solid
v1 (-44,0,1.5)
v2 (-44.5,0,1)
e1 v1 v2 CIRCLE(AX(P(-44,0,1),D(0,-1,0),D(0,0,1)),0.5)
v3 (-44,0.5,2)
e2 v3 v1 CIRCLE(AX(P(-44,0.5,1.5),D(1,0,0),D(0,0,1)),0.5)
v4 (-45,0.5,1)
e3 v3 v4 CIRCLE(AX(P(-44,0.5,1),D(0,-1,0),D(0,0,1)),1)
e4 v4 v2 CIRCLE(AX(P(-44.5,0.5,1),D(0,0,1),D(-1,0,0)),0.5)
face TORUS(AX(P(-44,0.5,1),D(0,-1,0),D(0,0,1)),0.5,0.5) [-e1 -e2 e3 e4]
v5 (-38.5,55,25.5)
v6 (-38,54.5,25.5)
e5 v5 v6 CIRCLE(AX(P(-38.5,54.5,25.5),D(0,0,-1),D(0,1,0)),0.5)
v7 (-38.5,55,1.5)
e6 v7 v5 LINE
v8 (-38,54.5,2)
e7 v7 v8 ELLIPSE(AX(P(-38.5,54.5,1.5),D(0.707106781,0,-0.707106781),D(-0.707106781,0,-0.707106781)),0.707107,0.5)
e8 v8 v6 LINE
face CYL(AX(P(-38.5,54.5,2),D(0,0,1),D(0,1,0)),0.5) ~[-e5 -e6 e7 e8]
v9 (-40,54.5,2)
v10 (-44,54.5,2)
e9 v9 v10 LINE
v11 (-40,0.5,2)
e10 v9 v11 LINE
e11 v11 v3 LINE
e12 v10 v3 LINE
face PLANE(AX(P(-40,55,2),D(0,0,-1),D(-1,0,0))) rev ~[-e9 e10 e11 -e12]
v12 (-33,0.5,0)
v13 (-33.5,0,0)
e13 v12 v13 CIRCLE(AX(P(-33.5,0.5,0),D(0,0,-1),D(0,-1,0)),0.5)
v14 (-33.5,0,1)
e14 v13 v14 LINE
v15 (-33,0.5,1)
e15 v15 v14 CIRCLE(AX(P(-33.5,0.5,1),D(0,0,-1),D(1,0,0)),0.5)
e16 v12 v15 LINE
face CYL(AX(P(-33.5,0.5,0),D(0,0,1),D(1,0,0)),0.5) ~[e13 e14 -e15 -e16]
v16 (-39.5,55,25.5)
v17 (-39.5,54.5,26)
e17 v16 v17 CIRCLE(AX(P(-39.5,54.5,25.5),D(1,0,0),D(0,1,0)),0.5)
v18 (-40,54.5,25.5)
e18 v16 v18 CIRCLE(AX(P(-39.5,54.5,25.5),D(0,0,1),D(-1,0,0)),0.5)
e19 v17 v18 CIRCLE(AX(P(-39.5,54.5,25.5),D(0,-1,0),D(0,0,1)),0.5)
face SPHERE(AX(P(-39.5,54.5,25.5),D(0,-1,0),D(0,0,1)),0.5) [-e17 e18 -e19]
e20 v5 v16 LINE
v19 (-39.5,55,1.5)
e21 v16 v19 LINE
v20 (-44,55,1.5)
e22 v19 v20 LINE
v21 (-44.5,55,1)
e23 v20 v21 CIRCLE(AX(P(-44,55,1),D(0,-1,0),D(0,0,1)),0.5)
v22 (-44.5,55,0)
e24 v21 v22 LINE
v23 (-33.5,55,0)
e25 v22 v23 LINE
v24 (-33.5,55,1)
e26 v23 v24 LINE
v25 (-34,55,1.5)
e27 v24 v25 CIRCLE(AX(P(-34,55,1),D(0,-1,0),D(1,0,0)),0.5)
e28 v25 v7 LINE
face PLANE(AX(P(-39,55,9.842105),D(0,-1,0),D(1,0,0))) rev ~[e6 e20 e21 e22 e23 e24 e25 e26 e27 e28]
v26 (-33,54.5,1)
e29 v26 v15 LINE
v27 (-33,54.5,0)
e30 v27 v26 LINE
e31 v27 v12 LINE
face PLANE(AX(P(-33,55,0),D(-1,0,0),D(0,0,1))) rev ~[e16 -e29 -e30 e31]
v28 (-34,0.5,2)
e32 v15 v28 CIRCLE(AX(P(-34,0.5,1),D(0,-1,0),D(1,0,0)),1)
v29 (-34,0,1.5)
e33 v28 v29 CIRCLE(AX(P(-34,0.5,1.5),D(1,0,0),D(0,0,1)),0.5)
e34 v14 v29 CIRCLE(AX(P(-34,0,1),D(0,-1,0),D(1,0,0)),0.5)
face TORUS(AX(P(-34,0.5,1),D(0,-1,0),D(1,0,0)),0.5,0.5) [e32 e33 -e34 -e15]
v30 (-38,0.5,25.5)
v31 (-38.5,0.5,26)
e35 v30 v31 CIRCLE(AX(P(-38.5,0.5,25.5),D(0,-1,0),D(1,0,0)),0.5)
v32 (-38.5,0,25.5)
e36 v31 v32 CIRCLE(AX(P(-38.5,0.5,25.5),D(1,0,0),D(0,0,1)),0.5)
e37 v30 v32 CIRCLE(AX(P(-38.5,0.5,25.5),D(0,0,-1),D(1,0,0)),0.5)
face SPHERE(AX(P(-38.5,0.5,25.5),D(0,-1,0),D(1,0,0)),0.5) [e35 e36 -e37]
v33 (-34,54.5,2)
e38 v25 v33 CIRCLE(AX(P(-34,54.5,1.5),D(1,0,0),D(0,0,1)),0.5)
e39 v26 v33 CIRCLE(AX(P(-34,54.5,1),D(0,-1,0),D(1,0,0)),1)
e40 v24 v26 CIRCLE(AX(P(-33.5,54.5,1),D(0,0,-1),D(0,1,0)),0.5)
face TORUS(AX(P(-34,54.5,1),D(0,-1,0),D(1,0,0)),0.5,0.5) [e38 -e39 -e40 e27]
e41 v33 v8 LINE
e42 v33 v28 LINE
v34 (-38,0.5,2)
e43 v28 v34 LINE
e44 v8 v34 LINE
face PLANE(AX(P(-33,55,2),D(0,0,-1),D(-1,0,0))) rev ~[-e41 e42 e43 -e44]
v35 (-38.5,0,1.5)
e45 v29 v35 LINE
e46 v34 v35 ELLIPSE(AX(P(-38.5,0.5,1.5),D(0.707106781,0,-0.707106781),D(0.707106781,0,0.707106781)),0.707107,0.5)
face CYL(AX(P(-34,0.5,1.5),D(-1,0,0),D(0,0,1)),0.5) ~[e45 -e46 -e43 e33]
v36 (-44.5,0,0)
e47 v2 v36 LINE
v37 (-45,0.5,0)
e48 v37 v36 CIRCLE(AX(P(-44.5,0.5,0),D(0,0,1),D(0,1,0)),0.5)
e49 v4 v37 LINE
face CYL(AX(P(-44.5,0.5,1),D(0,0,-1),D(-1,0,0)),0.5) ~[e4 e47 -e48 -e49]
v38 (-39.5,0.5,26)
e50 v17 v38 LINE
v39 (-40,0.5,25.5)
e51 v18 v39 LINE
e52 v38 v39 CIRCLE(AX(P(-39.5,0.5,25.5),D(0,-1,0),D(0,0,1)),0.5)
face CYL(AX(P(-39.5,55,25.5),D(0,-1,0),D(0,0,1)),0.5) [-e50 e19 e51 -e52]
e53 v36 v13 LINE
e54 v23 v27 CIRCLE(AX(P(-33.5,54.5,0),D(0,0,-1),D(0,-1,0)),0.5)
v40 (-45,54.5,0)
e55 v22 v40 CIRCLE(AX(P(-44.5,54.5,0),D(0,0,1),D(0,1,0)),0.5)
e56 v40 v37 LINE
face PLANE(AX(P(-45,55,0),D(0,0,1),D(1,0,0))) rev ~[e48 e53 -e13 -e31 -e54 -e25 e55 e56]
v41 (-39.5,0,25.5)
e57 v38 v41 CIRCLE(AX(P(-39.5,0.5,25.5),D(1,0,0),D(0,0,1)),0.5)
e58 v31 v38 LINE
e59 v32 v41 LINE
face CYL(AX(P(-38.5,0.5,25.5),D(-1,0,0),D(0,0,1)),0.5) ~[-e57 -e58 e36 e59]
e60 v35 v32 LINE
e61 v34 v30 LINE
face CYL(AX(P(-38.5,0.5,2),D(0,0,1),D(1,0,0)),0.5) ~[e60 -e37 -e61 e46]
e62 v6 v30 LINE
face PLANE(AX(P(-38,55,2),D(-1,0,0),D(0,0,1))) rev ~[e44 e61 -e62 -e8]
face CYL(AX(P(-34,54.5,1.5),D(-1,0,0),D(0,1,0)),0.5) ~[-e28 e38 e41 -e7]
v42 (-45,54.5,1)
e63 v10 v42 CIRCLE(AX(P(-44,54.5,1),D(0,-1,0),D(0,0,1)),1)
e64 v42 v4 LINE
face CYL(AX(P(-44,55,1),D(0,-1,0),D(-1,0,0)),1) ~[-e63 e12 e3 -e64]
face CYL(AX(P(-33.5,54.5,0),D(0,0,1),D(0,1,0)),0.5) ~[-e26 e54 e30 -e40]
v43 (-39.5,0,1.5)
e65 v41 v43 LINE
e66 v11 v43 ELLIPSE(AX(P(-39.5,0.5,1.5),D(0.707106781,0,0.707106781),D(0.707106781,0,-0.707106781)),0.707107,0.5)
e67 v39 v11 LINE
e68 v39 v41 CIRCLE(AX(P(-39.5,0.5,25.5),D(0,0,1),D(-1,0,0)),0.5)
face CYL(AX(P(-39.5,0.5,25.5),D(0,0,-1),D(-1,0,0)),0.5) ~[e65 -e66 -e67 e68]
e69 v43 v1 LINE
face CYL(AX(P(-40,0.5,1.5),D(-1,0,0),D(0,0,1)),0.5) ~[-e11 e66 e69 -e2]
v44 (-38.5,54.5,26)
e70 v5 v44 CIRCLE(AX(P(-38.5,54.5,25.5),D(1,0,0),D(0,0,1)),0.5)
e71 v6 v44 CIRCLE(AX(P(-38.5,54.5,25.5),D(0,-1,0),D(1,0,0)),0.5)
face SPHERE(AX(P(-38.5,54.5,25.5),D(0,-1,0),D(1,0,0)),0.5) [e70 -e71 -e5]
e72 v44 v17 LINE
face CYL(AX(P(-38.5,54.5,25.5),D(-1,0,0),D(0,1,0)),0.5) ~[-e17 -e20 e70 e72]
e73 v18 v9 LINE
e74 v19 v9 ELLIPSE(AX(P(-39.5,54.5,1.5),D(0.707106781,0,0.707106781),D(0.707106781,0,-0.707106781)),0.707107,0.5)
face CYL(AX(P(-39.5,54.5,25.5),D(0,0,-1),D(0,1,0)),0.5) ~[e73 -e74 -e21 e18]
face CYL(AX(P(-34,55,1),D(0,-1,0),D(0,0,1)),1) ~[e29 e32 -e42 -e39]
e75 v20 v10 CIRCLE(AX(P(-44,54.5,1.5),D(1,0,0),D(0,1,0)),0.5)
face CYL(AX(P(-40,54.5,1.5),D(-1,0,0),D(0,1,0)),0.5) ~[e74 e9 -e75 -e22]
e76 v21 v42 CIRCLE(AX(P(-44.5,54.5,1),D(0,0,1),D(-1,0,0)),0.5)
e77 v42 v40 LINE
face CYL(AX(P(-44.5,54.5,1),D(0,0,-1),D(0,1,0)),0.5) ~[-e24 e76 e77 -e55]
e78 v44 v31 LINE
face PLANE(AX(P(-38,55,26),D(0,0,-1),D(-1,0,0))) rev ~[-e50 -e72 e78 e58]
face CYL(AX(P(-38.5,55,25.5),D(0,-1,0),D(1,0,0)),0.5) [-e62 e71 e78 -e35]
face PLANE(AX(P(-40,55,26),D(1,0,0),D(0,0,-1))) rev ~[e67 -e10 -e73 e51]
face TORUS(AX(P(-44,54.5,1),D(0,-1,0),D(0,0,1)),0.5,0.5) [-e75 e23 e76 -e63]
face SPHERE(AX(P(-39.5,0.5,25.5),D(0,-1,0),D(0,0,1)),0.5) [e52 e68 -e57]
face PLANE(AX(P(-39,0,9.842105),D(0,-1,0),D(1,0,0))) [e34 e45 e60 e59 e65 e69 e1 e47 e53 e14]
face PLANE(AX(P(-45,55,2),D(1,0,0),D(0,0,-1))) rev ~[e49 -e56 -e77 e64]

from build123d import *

# Parameters (mm, degrees)
PAD007_DEPTH = 55
FILLET008_R  = 0.5
FILLET009_R  = 1
FILLET010_R  = 0.5
FILLET011_R  = 0.5


with BuildPart() as part:
    # Sketch014 → Pad007 (new body)
    with BuildSketch(Plane.XZ):
        Polygon((0, 0), (12, 0), (12, 2), (7, 2), (7, 26), (5, 26), (5, 2), (0, 2), align=None)
    extrude(amount=PAD007_DEPTH)

    # Fillet008
    fillet008_edges = [part.edges().sort_by_distance(p)[0] for p in [
        (5, -27.5, 26),
        (7, -27.5, 26),
    ]]
    fillet(fillet008_edges, radius=FILLET008_R)

    # Fillet009
    fillet009_edges = [part.edges().sort_by_distance(p)[0] for p in [
        (0, -27.5, 2),
        (12, -27.5, 2),
    ]]
    fillet(fillet009_edges, radius=FILLET009_R)

    # Fillet010
    fillet010_edges = [part.edges().sort_by_distance(p)[0] for p in [
        (5, -55, 13.75),
        (5.146447, -55, 25.853553),
        (6, -55, 26),
        (6.853553, -55, 25.853553),
        (7, -55, 13.75),
        (3, -55, 2),
        (0.292893, -55, 1.707107),
        (0, -55, 0.5),
        (9, -55, 2),
        (11.707107, -55, 1.707107),
        (12, -55, 0.5),
    ]]
    fillet(fillet010_edges, radius=FILLET010_R)

    # Fillet011
    fillet011_edges = [part.edges().sort_by_distance(p)[0] for p in [
        (12, 0, 0.5),
        (11.707107, 0, 1.707107),
        (9, 0, 2),
        (7, 0, 13.75),
        (6.853553, 0, 25.853553),
        (6, 0, 26),
        (5.146447, 0, 25.853553),
        (5, 0, 13.75),
        (3, 0, 2),
        (0.292893, 0, 1.707107),
        (0, 0, 0.5),
    ]]
    fillet(fillet011_edges, radius=FILLET011_R)


with BuildPart() as part_1:
    # Body003 placement: moved
    add(part.part.moved(Location((-45, 55, 0))))


solid = part_1.part
